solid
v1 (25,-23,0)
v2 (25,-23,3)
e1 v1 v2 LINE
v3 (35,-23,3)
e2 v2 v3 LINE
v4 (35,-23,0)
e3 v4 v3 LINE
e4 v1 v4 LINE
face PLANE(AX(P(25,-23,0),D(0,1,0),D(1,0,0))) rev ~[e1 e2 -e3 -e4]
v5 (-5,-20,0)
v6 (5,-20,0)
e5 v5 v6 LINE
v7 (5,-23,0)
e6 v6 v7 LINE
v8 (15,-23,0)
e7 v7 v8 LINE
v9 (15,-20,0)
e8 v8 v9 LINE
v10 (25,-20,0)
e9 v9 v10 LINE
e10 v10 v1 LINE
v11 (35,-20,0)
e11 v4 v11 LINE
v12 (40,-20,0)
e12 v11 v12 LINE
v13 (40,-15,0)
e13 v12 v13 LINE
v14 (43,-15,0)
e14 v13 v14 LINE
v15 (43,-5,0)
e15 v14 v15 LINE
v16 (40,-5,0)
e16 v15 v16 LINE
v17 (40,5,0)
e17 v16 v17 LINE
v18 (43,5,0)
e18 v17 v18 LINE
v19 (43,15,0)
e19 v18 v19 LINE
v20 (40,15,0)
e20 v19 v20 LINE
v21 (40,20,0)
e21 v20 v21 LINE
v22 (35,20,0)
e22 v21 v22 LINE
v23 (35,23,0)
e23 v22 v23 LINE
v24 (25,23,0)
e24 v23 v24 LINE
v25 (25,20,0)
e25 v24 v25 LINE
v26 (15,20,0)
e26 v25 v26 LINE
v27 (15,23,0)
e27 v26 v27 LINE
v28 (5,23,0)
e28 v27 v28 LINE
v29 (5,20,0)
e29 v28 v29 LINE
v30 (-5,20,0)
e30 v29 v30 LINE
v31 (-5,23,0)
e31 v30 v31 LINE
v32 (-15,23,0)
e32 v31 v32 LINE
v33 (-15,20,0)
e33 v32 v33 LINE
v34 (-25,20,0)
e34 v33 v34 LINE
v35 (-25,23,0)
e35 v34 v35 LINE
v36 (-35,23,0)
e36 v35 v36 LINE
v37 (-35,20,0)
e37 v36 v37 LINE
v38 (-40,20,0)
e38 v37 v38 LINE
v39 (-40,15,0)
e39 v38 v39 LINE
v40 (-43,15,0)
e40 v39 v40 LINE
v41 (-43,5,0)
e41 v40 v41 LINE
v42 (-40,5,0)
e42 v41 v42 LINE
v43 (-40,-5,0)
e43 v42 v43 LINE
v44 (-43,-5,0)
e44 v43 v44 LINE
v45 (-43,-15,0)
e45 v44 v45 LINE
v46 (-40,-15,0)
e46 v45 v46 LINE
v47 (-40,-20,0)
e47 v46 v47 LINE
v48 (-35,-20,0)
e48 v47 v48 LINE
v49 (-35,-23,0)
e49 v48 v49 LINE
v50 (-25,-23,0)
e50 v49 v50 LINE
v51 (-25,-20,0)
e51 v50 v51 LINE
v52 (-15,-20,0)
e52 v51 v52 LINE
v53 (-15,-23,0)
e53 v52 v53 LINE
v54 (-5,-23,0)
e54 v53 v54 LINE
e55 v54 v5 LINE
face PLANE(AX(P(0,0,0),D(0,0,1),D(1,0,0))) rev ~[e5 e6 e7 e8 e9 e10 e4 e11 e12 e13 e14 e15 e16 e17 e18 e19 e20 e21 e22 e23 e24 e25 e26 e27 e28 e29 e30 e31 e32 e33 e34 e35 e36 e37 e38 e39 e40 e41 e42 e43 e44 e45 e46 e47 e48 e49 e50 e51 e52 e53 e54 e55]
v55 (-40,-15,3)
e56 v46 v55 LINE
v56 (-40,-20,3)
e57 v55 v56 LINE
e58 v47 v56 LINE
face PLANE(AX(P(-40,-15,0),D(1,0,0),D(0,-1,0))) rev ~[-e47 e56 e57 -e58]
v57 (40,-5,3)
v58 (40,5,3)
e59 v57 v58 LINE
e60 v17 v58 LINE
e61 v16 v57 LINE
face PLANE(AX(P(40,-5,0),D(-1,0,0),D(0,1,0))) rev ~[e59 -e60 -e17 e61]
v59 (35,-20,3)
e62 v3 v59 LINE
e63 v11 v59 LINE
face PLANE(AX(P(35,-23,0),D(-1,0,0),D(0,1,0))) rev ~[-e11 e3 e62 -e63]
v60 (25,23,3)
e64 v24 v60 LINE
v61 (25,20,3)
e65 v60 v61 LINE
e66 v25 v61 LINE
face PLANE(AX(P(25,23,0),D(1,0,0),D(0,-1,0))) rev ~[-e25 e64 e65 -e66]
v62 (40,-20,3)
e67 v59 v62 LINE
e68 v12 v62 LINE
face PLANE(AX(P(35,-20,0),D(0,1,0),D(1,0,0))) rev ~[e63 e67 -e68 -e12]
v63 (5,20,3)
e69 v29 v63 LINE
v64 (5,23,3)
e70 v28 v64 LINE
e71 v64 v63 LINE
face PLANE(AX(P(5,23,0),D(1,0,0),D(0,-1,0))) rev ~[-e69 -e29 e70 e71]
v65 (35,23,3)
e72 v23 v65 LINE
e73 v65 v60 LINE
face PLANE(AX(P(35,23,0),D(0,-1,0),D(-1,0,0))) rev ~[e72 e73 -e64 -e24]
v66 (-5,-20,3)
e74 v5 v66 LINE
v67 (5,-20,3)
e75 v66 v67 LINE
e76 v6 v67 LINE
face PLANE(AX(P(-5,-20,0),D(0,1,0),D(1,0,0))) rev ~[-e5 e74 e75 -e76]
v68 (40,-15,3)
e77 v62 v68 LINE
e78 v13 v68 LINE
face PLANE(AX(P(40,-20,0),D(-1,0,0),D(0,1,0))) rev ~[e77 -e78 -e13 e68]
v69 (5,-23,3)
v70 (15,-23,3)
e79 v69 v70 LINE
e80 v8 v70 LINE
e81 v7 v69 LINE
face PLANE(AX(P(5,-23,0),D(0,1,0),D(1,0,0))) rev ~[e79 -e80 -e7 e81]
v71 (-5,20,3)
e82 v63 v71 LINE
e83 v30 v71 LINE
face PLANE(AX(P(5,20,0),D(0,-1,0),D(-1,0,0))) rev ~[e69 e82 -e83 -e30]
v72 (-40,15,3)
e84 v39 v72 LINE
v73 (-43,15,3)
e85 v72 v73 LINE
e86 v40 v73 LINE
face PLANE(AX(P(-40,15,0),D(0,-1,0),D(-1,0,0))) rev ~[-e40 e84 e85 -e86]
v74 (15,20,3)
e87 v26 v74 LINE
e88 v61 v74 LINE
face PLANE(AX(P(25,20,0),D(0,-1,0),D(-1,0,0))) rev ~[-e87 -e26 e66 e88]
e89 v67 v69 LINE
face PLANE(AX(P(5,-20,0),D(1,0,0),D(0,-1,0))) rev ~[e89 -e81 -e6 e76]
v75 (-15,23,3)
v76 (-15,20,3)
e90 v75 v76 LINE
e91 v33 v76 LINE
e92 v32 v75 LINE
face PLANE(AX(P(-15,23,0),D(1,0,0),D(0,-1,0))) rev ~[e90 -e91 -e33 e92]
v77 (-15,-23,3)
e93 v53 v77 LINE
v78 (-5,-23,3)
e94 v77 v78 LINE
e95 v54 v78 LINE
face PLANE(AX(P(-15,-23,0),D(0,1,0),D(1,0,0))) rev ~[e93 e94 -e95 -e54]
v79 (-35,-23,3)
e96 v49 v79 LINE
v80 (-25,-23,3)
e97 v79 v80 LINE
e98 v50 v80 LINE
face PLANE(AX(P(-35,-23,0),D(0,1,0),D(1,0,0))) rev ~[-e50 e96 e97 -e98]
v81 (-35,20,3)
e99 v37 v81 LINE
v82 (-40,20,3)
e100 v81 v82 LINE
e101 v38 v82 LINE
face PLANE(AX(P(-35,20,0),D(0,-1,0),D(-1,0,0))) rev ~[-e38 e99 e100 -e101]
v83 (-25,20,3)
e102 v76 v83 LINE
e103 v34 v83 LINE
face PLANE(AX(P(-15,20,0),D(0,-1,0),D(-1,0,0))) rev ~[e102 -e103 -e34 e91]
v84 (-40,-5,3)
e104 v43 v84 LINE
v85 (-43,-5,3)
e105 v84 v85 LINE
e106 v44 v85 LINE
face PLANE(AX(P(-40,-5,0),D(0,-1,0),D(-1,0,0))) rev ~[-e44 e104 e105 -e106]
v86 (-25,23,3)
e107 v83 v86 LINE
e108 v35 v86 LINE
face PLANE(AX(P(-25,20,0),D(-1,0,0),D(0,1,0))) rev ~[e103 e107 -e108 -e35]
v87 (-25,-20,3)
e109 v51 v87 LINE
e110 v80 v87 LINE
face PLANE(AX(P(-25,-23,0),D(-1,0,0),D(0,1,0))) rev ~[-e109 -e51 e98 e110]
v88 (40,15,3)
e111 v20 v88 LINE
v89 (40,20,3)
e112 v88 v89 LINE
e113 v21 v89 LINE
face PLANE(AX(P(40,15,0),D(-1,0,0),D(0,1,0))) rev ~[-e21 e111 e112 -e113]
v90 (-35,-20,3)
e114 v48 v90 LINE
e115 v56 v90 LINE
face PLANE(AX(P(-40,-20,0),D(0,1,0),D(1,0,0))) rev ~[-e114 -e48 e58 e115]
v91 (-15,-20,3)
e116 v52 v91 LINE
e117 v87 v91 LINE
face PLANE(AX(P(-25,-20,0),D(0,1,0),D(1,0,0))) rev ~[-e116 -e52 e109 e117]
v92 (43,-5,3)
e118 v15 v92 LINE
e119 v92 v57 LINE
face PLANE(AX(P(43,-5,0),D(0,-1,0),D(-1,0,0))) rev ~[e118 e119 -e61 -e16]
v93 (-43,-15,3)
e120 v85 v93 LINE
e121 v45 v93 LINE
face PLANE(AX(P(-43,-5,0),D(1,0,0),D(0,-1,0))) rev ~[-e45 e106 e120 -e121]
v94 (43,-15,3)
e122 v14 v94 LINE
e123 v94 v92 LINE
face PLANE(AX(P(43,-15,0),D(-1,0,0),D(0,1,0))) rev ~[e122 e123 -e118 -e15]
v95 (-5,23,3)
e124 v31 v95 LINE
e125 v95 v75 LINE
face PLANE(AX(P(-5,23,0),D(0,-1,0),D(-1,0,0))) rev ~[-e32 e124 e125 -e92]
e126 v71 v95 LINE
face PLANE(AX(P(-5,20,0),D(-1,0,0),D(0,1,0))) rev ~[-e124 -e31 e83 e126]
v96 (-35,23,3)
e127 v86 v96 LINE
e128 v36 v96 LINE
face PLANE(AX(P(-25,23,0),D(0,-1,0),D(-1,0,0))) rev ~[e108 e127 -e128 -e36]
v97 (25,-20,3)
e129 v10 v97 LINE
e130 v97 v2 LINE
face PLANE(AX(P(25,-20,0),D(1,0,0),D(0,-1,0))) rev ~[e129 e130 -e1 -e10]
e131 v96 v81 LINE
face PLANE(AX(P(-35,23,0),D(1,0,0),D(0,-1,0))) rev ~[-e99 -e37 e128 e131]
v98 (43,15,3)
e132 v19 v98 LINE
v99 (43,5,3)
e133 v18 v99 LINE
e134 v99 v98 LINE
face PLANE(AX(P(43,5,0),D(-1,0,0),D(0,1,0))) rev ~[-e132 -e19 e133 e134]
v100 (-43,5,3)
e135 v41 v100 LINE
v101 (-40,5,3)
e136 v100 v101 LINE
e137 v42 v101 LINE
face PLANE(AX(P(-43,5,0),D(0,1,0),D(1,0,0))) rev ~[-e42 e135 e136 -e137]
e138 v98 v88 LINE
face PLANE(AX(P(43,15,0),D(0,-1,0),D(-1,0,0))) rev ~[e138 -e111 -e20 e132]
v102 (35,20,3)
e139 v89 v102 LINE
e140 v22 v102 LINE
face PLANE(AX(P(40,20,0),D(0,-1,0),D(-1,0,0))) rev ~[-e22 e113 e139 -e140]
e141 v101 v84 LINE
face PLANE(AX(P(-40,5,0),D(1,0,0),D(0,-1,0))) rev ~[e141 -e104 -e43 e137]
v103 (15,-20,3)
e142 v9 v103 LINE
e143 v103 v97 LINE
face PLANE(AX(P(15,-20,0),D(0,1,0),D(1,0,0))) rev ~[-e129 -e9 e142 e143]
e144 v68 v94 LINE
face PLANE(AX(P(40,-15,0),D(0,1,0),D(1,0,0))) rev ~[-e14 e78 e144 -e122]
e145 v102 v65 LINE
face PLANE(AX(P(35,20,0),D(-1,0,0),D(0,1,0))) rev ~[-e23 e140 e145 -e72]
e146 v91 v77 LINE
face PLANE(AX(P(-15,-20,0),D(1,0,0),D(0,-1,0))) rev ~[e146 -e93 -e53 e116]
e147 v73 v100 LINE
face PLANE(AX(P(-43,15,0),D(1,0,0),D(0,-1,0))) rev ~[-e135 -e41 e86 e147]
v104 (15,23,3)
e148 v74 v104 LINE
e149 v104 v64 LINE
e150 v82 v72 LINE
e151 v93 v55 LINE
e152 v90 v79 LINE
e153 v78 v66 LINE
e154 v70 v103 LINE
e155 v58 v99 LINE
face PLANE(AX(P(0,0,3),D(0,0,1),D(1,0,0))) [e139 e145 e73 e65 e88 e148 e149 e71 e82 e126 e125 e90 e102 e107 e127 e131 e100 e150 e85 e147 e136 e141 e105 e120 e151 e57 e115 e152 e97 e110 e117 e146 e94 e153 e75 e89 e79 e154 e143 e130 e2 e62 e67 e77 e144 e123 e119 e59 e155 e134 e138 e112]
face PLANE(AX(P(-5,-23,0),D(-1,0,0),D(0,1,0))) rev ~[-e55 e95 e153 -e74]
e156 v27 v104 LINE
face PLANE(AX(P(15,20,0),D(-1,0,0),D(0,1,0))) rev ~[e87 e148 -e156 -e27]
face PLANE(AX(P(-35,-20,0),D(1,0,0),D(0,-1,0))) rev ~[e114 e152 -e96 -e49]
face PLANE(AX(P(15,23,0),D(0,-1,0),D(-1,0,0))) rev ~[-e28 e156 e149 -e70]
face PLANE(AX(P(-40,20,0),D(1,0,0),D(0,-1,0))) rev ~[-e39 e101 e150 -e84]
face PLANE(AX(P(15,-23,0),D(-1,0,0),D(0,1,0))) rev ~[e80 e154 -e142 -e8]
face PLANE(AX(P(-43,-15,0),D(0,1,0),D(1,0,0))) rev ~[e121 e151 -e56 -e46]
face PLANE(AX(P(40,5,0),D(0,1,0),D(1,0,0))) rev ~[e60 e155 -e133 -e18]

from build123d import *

# Parameters (mm, degrees)
EXTRUDE_1_DEPTH = 3


with BuildPart() as part:
    # 草图1 → 凸台-拉伸1 (new body)
    with BuildSketch(Plane.XY):
        Polygon((-15, -20), (-15, -23), (-5, -23), (-5, -20), (5, -20), (5, -23), (15, -23), (15, -20), (25, -20), (25, -23), (35, -23), (35, -20), (40, -20), (40, -15), (43, -15), (43, -5), (40, -5), (40, 5), (43, 5), (43, 15), (40, 15), (40, 20), (35, 20), (35, 23), (25, 23), (25, 20), (15, 20), (15, 23), (5, 23), (5, 20), (-5, 20), (-5, 23), (-15, 23), (-15, 20), (-25, 20), (-25, 23), (-35, 23), (-35, 20), (-40, 20), (-40, 15), (-43, 15), (-43, 5), (-40, 5), (-40, -5), (-43, -5), (-43, -15), (-40, -15), (-40, -20), (-35, -20), (-35, -23), (-25, -23), (-25, -20), align=None)
    extrude(amount=EXTRUDE_1_DEPTH)


solid = part.part
